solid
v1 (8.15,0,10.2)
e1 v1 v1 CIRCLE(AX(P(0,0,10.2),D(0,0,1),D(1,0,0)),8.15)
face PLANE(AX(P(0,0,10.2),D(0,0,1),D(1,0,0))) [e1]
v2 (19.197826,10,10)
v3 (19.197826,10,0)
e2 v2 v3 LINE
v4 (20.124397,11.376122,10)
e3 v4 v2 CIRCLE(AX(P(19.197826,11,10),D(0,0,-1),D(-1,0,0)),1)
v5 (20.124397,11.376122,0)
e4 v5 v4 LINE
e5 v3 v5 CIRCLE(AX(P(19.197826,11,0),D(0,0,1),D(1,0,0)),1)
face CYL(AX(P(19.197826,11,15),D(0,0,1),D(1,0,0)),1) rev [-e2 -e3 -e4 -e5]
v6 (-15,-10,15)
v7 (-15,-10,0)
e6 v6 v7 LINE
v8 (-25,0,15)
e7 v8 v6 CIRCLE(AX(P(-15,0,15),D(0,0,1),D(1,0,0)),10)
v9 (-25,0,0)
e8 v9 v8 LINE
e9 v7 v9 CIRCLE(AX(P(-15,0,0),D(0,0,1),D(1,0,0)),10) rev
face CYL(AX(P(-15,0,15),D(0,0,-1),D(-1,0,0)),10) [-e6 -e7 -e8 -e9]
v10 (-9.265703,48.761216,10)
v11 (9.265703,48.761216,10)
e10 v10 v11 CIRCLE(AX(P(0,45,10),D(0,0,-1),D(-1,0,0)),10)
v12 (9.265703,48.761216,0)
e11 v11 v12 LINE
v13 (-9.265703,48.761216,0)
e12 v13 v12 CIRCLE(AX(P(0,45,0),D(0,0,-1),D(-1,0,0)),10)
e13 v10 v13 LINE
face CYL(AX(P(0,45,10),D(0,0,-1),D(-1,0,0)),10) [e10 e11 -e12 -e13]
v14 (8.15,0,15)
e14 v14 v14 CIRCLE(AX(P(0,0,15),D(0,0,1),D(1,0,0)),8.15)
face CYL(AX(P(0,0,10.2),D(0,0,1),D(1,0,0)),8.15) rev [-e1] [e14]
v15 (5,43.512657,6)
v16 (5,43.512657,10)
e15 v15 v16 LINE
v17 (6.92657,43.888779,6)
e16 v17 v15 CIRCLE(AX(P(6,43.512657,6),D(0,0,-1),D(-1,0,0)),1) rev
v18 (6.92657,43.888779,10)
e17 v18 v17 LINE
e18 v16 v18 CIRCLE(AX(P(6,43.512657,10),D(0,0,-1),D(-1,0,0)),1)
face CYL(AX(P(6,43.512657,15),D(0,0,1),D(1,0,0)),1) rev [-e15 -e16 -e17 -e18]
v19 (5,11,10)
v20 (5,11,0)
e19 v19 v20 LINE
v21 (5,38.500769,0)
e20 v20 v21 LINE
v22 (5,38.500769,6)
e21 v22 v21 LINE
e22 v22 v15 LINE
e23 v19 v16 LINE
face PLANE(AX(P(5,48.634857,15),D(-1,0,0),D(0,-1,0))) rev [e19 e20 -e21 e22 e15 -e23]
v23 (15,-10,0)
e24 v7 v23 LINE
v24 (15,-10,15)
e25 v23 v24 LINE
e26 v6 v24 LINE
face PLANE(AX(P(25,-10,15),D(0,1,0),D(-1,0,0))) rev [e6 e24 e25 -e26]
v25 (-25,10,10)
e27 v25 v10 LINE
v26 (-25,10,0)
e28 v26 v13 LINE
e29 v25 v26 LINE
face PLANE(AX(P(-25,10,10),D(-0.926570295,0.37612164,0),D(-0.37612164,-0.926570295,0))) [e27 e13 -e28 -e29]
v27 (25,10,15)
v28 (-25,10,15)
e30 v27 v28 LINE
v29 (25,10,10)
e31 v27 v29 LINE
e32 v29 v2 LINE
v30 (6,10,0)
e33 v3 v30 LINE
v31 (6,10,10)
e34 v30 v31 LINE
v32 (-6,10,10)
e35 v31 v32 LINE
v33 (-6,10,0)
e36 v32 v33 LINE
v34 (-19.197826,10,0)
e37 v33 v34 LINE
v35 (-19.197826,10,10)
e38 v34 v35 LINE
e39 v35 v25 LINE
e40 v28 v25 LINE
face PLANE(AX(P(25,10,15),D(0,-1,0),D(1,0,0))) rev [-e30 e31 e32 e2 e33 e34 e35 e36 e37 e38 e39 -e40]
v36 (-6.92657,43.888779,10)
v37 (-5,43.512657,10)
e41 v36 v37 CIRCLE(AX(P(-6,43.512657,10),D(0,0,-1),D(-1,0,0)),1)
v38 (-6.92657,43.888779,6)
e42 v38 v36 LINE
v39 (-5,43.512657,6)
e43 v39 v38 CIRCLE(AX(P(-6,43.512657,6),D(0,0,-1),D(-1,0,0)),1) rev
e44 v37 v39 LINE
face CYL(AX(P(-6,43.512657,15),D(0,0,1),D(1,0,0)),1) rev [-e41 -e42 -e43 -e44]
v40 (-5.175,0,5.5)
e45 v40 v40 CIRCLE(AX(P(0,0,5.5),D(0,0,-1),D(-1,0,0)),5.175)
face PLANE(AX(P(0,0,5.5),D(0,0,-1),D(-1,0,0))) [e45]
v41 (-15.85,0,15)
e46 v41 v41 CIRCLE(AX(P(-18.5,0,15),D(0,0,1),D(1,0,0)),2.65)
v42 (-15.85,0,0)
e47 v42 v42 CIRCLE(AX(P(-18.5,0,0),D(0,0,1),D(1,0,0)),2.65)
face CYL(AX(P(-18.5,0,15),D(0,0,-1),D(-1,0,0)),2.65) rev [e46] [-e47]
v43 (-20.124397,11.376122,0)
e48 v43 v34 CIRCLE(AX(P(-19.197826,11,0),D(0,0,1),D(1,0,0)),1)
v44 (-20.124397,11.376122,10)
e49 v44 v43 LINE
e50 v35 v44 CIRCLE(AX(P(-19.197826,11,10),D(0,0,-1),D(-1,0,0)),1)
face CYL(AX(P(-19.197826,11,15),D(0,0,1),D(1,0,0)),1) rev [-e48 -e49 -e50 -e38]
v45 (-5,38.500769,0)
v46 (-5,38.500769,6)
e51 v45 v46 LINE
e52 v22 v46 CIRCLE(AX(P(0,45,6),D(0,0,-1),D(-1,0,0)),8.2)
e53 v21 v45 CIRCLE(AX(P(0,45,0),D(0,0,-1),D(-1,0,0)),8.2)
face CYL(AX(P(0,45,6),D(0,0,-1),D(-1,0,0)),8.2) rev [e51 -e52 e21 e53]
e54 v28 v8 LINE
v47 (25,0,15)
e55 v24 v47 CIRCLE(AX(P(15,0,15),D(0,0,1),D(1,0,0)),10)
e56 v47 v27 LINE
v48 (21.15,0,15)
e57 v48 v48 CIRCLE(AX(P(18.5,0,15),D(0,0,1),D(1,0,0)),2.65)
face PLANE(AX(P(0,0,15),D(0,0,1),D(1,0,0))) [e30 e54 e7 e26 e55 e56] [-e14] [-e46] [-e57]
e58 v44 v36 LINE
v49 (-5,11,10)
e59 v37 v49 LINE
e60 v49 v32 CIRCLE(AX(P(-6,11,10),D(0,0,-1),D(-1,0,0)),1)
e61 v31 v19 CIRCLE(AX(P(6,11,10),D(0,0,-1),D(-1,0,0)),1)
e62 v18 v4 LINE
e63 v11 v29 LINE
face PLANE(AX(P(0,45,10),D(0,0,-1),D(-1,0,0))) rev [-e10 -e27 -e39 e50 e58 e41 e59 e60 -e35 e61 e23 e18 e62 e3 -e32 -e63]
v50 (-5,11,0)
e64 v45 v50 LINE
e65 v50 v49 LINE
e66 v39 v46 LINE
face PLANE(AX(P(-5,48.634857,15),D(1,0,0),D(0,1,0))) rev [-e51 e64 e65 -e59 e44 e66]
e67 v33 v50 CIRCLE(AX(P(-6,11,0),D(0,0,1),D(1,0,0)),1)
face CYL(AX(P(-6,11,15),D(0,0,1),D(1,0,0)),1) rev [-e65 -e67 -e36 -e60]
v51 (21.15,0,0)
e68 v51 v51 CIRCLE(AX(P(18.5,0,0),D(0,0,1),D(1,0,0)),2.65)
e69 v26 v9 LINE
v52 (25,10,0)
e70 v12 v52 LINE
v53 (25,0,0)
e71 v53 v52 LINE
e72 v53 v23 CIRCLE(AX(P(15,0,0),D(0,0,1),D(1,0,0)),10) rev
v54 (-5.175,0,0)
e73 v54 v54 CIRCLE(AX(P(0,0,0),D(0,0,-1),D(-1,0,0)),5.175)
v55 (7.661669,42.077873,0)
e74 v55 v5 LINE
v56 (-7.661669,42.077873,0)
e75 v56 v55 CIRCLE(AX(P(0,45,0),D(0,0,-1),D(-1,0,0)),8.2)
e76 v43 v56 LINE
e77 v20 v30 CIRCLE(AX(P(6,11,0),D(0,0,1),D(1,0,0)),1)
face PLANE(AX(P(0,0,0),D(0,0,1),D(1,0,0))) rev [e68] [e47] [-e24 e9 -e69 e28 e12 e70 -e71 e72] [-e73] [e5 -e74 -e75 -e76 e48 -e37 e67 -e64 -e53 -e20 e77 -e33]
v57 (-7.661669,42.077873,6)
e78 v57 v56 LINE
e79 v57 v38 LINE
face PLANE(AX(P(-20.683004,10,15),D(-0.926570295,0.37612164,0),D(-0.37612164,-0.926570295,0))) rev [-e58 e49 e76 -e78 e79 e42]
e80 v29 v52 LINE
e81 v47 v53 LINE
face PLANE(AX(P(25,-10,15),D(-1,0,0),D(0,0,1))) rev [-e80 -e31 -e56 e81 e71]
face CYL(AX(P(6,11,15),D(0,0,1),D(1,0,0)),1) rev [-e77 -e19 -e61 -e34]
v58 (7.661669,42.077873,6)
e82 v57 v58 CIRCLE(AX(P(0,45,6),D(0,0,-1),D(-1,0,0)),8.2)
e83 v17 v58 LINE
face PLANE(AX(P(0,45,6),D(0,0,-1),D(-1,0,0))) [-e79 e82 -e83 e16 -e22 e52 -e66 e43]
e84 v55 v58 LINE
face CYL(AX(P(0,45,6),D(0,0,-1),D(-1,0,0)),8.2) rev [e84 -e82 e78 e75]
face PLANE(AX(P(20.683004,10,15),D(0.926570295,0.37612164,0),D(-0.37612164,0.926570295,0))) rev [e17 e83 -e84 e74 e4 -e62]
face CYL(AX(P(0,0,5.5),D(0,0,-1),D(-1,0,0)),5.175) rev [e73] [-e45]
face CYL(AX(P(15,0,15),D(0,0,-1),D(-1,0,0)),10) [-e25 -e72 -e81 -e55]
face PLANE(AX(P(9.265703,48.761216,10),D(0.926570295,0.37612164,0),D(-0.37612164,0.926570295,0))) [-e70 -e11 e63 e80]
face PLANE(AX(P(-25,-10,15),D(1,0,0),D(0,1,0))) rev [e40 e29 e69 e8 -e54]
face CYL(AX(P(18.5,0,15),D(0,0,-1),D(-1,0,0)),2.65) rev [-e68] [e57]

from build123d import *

# Parameters (mm, degrees)
SKETCH_1_W          = 50
SKETCH_1_H          = 20
SKETCH_1_R          = 2.65
EXTRUDE_1_DEPTH     = 15
SKETCH_2_R          = 5.175
CUT_EXTRUDE_1_DEPTH = 5.5
SKETCH_3_R          = 8.15
CUT_EXTRUDE_2_DEPTH = 4.8
EXTRUDE_2_DEPTH     = 10
SKETCH_5_R          = 8.2
CUT_EXTRUDE_3_DEPTH = 6
CUT_EXTRUDE_4_DEPTH = 63.24949799
FILLET_1_R          = 1
FILLET_3_R          = 10


with BuildPart() as part:
    # 草图1 → 凸台-拉伸1 (new body)
    with BuildSketch(Plane.XY):
        Rectangle(SKETCH_1_W, SKETCH_1_H)
        with Locations((-18.5, 0)):
            Circle(SKETCH_1_R, mode=Mode.SUBTRACT)
        with Locations((18.5, 0)):
            Circle(SKETCH_1_R, mode=Mode.SUBTRACT)
    extrude(amount=EXTRUDE_1_DEPTH)

    # 草图2 → 切除-拉伸1 (cut)
    with BuildSketch(Plane(origin=(0, 0, 0), x_dir=(-1, 0, 0), z_dir=(0, 0, -1))):
        Circle(SKETCH_2_R)
    extrude(amount=-CUT_EXTRUDE_1_DEPTH, mode=Mode.SUBTRACT)

    # 草图3 → 切除-拉伸2 (cut)
    with BuildSketch(Plane.XY.offset(15)):
        Circle(SKETCH_3_R)
    extrude(amount=-CUT_EXTRUDE_2_DEPTH, mode=Mode.SUBTRACT)

    # 草图4 → 凸台-拉伸2 (add)
    with BuildSketch(Plane(origin=(0, 0, 0), x_dir=(-1, 0, 0), z_dir=(0, 0, -1))):
        with BuildLine():
            Line((25, 10), (9.265702954, 48.761216396))
            ThreePointArc((9.265702954, 48.761216396), (0, 55), (-9.265702954, 48.761216396))
            Line((-9.265702954, 48.761216396), (-25, 10))
            Line((-25, 10), (25, 10))
        make_face()
    extrude(amount=-EXTRUDE_2_DEPTH)

    # 草图5 → 切除-拉伸3 (cut)
    with BuildSketch(Plane(origin=(0, 0, 0), x_dir=(-1, 0, 0), z_dir=(0, 0, -1))):
        with Locations((0, 45)):
            Circle(SKETCH_5_R)
    extrude(amount=-CUT_EXTRUDE_3_DEPTH, mode=Mode.SUBTRACT)

    # 草图6 → 切除-拉伸4 (cut, through all)
    with BuildSketch(Plane(origin=(0, 0, 0), x_dir=(-1, 0, 0), z_dir=(0, 0, -1))):
        Polygon((-20.683004279, 10), (-5, 48.634857396), (-5, 10), align=None)
        Polygon((5, 10), (20.683004279, 10), (5, 48.634857396), align=None)
    extrude(amount=-CUT_EXTRUDE_4_DEPTH, mode=Mode.SUBTRACT)

    # 圆角1
    fillet_1_edges = [part.edges().sort_by_distance(p)[0] for p in [
        (5, 10, 5),
        (20.683004279, 10, 5),
        (5, 48.634857396, 8),
        (-20.683004279, 10, 5),
        (-5, 10, 5),
        (-5, 48.634857396, 8),
    ]]
    fillet(fillet_1_edges, radius=FILLET_1_R)

    # 圆角3
    fillet_3_edges = [part.edges().sort_by_distance(p)[0] for p in [
        (25, -10, 7.5),
        (-25, -10, 7.5),
    ]]
    fillet(fillet_3_edges, radius=FILLET_3_R)


solid = part.part
